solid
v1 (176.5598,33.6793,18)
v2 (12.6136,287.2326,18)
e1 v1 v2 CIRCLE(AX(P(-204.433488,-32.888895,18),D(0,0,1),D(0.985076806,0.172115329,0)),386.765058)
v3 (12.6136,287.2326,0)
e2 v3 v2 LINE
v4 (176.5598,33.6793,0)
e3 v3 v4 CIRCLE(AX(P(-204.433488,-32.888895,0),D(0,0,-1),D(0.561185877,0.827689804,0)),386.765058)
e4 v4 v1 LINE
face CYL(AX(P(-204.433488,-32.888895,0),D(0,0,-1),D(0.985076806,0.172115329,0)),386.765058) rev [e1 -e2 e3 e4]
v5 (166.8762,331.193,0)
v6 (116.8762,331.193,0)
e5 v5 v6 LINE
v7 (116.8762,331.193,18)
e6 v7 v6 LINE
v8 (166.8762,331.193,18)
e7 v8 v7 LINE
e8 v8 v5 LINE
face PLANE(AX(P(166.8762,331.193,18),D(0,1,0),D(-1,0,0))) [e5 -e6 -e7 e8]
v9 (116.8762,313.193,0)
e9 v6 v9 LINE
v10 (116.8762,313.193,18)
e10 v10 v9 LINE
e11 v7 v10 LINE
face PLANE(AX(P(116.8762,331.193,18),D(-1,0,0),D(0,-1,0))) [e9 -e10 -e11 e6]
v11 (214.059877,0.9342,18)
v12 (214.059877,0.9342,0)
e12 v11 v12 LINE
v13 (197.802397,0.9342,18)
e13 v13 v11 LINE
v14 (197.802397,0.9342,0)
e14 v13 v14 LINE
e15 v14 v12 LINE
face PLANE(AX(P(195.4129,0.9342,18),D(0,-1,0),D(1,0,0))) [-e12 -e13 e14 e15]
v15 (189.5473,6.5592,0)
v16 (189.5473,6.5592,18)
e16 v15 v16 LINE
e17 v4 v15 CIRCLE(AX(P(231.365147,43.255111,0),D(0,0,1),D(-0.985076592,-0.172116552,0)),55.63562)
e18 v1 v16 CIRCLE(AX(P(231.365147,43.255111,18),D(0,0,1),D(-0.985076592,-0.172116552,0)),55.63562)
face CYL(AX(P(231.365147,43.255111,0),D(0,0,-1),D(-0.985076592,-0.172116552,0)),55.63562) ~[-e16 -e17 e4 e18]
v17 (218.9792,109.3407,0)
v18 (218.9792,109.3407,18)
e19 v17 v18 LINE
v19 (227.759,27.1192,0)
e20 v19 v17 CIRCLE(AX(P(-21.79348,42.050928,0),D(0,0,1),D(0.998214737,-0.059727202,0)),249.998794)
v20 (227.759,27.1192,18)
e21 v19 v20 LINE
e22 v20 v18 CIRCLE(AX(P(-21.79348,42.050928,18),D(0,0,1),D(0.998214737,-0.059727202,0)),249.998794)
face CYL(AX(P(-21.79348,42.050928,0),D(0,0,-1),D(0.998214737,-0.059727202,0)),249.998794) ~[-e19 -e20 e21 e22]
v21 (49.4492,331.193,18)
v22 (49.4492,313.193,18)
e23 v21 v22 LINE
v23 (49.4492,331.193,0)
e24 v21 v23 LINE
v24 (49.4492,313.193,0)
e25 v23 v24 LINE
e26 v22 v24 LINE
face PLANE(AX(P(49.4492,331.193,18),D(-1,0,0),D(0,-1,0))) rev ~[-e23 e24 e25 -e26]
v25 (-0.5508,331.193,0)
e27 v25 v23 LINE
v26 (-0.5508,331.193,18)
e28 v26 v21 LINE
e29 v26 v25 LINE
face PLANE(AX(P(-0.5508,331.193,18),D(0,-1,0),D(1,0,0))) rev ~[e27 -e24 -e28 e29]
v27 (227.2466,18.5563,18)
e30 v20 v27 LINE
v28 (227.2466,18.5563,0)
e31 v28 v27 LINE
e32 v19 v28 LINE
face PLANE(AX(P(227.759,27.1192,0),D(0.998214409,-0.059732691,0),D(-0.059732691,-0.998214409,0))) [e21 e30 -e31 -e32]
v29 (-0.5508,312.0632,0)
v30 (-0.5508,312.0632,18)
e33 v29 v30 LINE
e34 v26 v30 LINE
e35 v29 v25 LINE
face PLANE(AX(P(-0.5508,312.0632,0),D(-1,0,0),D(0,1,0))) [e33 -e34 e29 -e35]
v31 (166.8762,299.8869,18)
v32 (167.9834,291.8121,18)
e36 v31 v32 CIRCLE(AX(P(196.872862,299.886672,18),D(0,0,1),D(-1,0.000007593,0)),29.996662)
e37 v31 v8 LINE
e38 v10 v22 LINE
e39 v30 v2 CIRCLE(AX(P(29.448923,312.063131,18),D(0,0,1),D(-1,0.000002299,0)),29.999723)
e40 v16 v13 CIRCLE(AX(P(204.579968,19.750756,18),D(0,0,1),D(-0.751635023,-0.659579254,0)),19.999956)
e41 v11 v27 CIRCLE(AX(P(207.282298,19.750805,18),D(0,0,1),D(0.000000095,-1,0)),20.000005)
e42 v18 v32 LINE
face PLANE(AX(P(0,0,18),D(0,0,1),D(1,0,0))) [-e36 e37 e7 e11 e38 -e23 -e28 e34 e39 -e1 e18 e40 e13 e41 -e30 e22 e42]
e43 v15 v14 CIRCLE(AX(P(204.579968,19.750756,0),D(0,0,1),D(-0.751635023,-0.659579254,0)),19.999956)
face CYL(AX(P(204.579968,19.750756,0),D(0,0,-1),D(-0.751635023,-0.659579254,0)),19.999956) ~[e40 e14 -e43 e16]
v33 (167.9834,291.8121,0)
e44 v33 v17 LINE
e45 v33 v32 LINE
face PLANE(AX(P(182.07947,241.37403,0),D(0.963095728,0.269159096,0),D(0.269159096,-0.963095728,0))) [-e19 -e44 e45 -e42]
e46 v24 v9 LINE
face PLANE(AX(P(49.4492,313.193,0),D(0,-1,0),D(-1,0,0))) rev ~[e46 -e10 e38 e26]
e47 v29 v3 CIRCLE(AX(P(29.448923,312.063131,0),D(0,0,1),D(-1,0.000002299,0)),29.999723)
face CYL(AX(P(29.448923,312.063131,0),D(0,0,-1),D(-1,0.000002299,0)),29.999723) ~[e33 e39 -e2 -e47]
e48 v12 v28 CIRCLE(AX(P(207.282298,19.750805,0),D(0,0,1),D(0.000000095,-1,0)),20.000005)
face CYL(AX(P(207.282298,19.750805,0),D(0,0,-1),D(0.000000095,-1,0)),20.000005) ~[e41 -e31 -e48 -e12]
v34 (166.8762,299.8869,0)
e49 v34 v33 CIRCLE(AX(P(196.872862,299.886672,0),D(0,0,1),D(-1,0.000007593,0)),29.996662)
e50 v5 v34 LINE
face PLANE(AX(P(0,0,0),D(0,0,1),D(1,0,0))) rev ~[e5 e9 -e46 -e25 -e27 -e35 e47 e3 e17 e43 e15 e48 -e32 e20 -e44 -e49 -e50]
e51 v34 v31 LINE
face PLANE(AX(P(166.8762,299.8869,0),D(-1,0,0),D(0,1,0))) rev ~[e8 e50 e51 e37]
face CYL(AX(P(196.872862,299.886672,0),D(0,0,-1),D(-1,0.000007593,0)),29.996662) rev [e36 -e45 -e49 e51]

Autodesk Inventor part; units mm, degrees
ref_plane "YZ Plane" through (0, 0, 0) normal (1, 0, 0) x (0, 1, 0)
ref_plane "XZ Plane" through (0, 0, 0) normal (0, 1, 0) x (-1, 0, 0)
ref_plane "XY Plane" through (0, 0, 0) normal (0, 0, 1) x (1, 0, 0)
sketch "Sketch1" plane through (0, 0, 0) normal (0, 0, 1) x (1, 0, 0)
  arc A0 (176.5598, 33.6793) -> (12.6136, 287.2326) centre (-204.4335, -32.8889) ccw
  line L0 (167.9834, 291.8121) -> (218.9792, 109.3407)
  arc A1 (227.759, 27.1192) -> (218.9792, 109.3407) centre (-21.7947, 42.0509) ccw
  arc A2 (207.2823, -0.2492) -> (227.2466, 18.5563) centre (207.2823, 19.7508) ccw
  arc A3 (176.5598, 33.6793) -> (189.5473, 6.5592) centre (231.3648, 43.255) ccw
  arc A4 (189.5473, 6.5592) -> (204.58, -0.2492) centre (204.58, 19.7508) ccw
  line L1 (207.2823, -0.2492) -> (204.58, -0.2492)
  line L2 (227.759, 27.1192) -> (227.2466, 18.5563)
  arc A5 (248.2588, 303.6927) -> (197.3635, 355.4189) centre (196.5258, 303.6927) ccw
  line L3 (248.2588, 303.6927) -> (248.2588, 286.4547)
  arc A6 (222.3411, 252.6536) -> (248.2588, 286.4547) centre (213.2588, 286.4547) ccw
  line L4 (-281.6446, 363.1761) -> (197.3635, 355.4189)
  arc A7 (222.3411, 252.6536) -> (-337.0597, 3.3874) centre (731.561, -1642.4666) ccw
  line L5 (297.4263, 347.2322) -> (-473.2183, 347.2322) construction
  line L6 (-303.5209, 267.588) -> (-100.5419, 267.588)
  line L7 (-94.1908, 238.9989) -> (-285.5647, 149.5573)
  arc A8 (-94.1908, 238.9989) -> (-100.5419, 267.588) centre (-100.5419, 252.588) ccw
  arc A9 (-316.1527, 274.4986) -> (-303.5209, 267.588) centre (-303.5209, 282.588) ccw
  line L8 (-324.4601, 363.1761) -> (-281.6446, 363.1761)
  line L9 (-353.5533, 332.9002) -> (-316.1527, 274.4986)
  arc A10 (-324.4601, 363.1761) -> (-354.3192, 336.0808) centre (-324.4601, 333.1761) ccw
  arc A11 (-354.3192, 336.0808) -> (-353.5533, 332.9002) centre (-349.3427, 335.5967) ccw
  arc A12 (-358.3707, 23.1982) -> (-337.0597, 3.3874) centre (-345.2282, 15.9682) ccw
  line L10 (-292.3562, 143.1982) -> (-358.3707, 23.1982)
  arc A13 (-285.5647, 149.5573) -> (-292.3562, 143.1982) centre (-279.2137, 135.9682) ccw
  line L11 (-280.0505, 115.5231) -> (-264.2795, 106.8471)
  line L12 (-288.3795, 63.0385) -> (-264.2795, 106.8471)
  line L13 (-304.1505, 71.7145) -> (-288.3795, 63.0385)
  line L14 (-304.1505, 71.7145) -> (-280.0505, 115.5231)
  line L15 (-300.243, 286.193) -> (-282.243, 286.193)
  line L16 (-282.243, 336.193) -> (-300.243, 336.193)
  line L17 (-300.243, 336.193) -> (-300.243, 286.193)
  line L18 (199.757, 276.193) -> (181.757, 276.193)
  line L19 (181.757, 276.193) -> (181.757, 336.193)
  line L20 (181.757, 336.193) -> (199.757, 336.193)
  line L21 (199.757, 336.193) -> (199.757, 276.193)
  line L22 (-350.0834, 336.193) -> (288.2929, 336.193) construction
  line L23 (-282.243, 286.193) -> (-282.243, 336.193)
  line L24 (-194.243, 331.193) -> (-194.243, 313.193)
  line L25 (-94.243, 331.193) -> (-94.243, 313.193)
  line L26 (-194.243, 331.193) -> (-94.243, 331.193)
  line L27 (-94.243, 313.193) -> (-194.243, 313.193)
  line L28 (-282.243, 346.193) -> (-282.243, 276.193)
  line L29 (-282.243, 313.193) -> (-282.243, 331.193)
  line L30 (-282.243, 276.193) -> (-300.243, 276.193)
  line L31 (-300.243, 276.193) -> (-300.243, 346.193)
  line L32 (-300.243, 346.193) -> (-282.243, 346.193)
  line L33 (-6.243, 331.193) -> (-6.243, 313.193)
  line L34 (-6.243, 331.193) -> (93.757, 331.193)
  line L35 (93.757, 313.193) -> (-6.243, 313.193)
  line L36 (93.757, 331.193) -> (93.757, 313.193)
  line L37 (181.757, 331.193) -> (181.757, 313.193)
  line L38 (181.757, 346.193) -> (181.757, 266.193)
  line L39 (199.757, 346.193) -> (181.757, 346.193)
  line L40 (181.757, 266.193) -> (199.757, 266.193)
  line L41 (199.757, 266.193) -> (199.757, 346.193)
  line L42 (-0.5508, 312.0632) -> (-0.5508, 313.193)
  line L43 (166.8762, 299.8869) -> (166.8762, 313.193)
  line L44 (166.8762, 313.193) -> (-0.5508, 313.193)
  line L45 (166.8762, 313.193) -> (166.8762, 331.193)
  line L46 (166.8762, 331.193) -> (116.8762, 331.193)
  line L47 (116.8762, 331.193) -> (116.8762, 313.193)
  line L48 (-0.5508, 313.193) -> (-0.5508, 331.193)
  line L49 (-0.5508, 331.193) -> (49.4492, 331.193)
  line L50 (49.4492, 331.193) -> (49.4492, 313.193)
  arc A14 (-0.5508, 312.0632) -> (12.6136, 287.2326) centre (29.4492, 312.0632) ccw
  arc A15 (166.8762, 299.8869) -> (167.9834, 291.8121) centre (196.8762, 299.8869) ccw
  point P0 (0, 0)
  point P1 (-0.5508, 295.7736)
  point P2 (166.8762, 295.7736)
  point P3 (263.5097, 263.2389)
  point P4 (-311.7271, 267.588)
  point P5 (-289.9977, 147.4855)
  point P6 (-388.1512, -30.9362)
  point P7 (-291.243, 346.193)
  point P8 (372.0119, 346.193)
  dimension "d0" = 20
  dimension "d1" = 250
  dimension "d32" = 15
  dimension "d33" = 35
  dimension "d34" = 120
  dimension "d35" = 30
  dimension "d36" = 5
  dimension "d37" = 50
  dimension "d38" = 60
  dimension "d39" = 18
  dimension "d40" = 500
  dimension "d41" = 70
  dimension "d42" = 80
  dimension "d43" = 18
  dimension "d44" = 464
  dimension "d45" = 100
  dimension "d46" = 100
  dimension "d47" = 88
  dimension "d48" = 88
  dimension "d49" = 50
  dimension "d50" = 50
  dimension "d51" = 30
  dimension "d52" = 5.6922
  dimension "d53" = 67.427
  dimension "d54" = 30
extrude "Extrusion1" add sketch "Sketch1" along normal blind 18 contours A0 A7 L0 A1 L2 A2 L1 A4 A3 | A0 A14 L42 L35 L44 L43 A15 L0 A7
sketch "Sketch7" plane through (0, 0, 18) normal (0, 0, 1) x (1, 0, 0)
  line L0 (166.8762, 313.193) -> (166.8762, 331.193)
  line L1 (166.8762, 331.193) -> (116.8762, 331.193)
  line L2 (116.8762, 331.193) -> (116.8762, 313.193)
  line L3 (-0.5508, 313.193) -> (-0.5508, 331.193)
  line L4 (-0.5508, 331.193) -> (49.4492, 331.193)
  line L5 (49.4492, 331.193) -> (49.4492, 313.193)
  line L6 (166.8762, 313.193) -> (116.8762, 313.193)
  line L7 (49.4492, 313.193) -> (-0.5508, 313.193)
  point P0 (0, 0)
  dimension "d67" = 50
  dimension "d68" = 50
  dimension "d69" = 67.427
extrude "Extrusion5" add sketch "Sketch7" against normal blind 18
sketch "Sketch8" plane through (0, 0, 18) normal (0, 0, 1) x (1, 0, 0)
  line L0 (195.4129, 0.9342) -> (223.5969, 0.9342)
  line L1 (223.5969, 0.9342) -> (223.5969, -9.3542)
  line L2 (223.5969, -9.3542) -> (195.4129, -9.3542)
  line L3 (195.4129, -9.3542) -> (195.4129, 0.9342)
  point P0 (0, 0)
extrude "Extrusion6" cut sketch "Sketch8" against normal blind 18
properties part number "Pata" material "Wood (Birch)"
